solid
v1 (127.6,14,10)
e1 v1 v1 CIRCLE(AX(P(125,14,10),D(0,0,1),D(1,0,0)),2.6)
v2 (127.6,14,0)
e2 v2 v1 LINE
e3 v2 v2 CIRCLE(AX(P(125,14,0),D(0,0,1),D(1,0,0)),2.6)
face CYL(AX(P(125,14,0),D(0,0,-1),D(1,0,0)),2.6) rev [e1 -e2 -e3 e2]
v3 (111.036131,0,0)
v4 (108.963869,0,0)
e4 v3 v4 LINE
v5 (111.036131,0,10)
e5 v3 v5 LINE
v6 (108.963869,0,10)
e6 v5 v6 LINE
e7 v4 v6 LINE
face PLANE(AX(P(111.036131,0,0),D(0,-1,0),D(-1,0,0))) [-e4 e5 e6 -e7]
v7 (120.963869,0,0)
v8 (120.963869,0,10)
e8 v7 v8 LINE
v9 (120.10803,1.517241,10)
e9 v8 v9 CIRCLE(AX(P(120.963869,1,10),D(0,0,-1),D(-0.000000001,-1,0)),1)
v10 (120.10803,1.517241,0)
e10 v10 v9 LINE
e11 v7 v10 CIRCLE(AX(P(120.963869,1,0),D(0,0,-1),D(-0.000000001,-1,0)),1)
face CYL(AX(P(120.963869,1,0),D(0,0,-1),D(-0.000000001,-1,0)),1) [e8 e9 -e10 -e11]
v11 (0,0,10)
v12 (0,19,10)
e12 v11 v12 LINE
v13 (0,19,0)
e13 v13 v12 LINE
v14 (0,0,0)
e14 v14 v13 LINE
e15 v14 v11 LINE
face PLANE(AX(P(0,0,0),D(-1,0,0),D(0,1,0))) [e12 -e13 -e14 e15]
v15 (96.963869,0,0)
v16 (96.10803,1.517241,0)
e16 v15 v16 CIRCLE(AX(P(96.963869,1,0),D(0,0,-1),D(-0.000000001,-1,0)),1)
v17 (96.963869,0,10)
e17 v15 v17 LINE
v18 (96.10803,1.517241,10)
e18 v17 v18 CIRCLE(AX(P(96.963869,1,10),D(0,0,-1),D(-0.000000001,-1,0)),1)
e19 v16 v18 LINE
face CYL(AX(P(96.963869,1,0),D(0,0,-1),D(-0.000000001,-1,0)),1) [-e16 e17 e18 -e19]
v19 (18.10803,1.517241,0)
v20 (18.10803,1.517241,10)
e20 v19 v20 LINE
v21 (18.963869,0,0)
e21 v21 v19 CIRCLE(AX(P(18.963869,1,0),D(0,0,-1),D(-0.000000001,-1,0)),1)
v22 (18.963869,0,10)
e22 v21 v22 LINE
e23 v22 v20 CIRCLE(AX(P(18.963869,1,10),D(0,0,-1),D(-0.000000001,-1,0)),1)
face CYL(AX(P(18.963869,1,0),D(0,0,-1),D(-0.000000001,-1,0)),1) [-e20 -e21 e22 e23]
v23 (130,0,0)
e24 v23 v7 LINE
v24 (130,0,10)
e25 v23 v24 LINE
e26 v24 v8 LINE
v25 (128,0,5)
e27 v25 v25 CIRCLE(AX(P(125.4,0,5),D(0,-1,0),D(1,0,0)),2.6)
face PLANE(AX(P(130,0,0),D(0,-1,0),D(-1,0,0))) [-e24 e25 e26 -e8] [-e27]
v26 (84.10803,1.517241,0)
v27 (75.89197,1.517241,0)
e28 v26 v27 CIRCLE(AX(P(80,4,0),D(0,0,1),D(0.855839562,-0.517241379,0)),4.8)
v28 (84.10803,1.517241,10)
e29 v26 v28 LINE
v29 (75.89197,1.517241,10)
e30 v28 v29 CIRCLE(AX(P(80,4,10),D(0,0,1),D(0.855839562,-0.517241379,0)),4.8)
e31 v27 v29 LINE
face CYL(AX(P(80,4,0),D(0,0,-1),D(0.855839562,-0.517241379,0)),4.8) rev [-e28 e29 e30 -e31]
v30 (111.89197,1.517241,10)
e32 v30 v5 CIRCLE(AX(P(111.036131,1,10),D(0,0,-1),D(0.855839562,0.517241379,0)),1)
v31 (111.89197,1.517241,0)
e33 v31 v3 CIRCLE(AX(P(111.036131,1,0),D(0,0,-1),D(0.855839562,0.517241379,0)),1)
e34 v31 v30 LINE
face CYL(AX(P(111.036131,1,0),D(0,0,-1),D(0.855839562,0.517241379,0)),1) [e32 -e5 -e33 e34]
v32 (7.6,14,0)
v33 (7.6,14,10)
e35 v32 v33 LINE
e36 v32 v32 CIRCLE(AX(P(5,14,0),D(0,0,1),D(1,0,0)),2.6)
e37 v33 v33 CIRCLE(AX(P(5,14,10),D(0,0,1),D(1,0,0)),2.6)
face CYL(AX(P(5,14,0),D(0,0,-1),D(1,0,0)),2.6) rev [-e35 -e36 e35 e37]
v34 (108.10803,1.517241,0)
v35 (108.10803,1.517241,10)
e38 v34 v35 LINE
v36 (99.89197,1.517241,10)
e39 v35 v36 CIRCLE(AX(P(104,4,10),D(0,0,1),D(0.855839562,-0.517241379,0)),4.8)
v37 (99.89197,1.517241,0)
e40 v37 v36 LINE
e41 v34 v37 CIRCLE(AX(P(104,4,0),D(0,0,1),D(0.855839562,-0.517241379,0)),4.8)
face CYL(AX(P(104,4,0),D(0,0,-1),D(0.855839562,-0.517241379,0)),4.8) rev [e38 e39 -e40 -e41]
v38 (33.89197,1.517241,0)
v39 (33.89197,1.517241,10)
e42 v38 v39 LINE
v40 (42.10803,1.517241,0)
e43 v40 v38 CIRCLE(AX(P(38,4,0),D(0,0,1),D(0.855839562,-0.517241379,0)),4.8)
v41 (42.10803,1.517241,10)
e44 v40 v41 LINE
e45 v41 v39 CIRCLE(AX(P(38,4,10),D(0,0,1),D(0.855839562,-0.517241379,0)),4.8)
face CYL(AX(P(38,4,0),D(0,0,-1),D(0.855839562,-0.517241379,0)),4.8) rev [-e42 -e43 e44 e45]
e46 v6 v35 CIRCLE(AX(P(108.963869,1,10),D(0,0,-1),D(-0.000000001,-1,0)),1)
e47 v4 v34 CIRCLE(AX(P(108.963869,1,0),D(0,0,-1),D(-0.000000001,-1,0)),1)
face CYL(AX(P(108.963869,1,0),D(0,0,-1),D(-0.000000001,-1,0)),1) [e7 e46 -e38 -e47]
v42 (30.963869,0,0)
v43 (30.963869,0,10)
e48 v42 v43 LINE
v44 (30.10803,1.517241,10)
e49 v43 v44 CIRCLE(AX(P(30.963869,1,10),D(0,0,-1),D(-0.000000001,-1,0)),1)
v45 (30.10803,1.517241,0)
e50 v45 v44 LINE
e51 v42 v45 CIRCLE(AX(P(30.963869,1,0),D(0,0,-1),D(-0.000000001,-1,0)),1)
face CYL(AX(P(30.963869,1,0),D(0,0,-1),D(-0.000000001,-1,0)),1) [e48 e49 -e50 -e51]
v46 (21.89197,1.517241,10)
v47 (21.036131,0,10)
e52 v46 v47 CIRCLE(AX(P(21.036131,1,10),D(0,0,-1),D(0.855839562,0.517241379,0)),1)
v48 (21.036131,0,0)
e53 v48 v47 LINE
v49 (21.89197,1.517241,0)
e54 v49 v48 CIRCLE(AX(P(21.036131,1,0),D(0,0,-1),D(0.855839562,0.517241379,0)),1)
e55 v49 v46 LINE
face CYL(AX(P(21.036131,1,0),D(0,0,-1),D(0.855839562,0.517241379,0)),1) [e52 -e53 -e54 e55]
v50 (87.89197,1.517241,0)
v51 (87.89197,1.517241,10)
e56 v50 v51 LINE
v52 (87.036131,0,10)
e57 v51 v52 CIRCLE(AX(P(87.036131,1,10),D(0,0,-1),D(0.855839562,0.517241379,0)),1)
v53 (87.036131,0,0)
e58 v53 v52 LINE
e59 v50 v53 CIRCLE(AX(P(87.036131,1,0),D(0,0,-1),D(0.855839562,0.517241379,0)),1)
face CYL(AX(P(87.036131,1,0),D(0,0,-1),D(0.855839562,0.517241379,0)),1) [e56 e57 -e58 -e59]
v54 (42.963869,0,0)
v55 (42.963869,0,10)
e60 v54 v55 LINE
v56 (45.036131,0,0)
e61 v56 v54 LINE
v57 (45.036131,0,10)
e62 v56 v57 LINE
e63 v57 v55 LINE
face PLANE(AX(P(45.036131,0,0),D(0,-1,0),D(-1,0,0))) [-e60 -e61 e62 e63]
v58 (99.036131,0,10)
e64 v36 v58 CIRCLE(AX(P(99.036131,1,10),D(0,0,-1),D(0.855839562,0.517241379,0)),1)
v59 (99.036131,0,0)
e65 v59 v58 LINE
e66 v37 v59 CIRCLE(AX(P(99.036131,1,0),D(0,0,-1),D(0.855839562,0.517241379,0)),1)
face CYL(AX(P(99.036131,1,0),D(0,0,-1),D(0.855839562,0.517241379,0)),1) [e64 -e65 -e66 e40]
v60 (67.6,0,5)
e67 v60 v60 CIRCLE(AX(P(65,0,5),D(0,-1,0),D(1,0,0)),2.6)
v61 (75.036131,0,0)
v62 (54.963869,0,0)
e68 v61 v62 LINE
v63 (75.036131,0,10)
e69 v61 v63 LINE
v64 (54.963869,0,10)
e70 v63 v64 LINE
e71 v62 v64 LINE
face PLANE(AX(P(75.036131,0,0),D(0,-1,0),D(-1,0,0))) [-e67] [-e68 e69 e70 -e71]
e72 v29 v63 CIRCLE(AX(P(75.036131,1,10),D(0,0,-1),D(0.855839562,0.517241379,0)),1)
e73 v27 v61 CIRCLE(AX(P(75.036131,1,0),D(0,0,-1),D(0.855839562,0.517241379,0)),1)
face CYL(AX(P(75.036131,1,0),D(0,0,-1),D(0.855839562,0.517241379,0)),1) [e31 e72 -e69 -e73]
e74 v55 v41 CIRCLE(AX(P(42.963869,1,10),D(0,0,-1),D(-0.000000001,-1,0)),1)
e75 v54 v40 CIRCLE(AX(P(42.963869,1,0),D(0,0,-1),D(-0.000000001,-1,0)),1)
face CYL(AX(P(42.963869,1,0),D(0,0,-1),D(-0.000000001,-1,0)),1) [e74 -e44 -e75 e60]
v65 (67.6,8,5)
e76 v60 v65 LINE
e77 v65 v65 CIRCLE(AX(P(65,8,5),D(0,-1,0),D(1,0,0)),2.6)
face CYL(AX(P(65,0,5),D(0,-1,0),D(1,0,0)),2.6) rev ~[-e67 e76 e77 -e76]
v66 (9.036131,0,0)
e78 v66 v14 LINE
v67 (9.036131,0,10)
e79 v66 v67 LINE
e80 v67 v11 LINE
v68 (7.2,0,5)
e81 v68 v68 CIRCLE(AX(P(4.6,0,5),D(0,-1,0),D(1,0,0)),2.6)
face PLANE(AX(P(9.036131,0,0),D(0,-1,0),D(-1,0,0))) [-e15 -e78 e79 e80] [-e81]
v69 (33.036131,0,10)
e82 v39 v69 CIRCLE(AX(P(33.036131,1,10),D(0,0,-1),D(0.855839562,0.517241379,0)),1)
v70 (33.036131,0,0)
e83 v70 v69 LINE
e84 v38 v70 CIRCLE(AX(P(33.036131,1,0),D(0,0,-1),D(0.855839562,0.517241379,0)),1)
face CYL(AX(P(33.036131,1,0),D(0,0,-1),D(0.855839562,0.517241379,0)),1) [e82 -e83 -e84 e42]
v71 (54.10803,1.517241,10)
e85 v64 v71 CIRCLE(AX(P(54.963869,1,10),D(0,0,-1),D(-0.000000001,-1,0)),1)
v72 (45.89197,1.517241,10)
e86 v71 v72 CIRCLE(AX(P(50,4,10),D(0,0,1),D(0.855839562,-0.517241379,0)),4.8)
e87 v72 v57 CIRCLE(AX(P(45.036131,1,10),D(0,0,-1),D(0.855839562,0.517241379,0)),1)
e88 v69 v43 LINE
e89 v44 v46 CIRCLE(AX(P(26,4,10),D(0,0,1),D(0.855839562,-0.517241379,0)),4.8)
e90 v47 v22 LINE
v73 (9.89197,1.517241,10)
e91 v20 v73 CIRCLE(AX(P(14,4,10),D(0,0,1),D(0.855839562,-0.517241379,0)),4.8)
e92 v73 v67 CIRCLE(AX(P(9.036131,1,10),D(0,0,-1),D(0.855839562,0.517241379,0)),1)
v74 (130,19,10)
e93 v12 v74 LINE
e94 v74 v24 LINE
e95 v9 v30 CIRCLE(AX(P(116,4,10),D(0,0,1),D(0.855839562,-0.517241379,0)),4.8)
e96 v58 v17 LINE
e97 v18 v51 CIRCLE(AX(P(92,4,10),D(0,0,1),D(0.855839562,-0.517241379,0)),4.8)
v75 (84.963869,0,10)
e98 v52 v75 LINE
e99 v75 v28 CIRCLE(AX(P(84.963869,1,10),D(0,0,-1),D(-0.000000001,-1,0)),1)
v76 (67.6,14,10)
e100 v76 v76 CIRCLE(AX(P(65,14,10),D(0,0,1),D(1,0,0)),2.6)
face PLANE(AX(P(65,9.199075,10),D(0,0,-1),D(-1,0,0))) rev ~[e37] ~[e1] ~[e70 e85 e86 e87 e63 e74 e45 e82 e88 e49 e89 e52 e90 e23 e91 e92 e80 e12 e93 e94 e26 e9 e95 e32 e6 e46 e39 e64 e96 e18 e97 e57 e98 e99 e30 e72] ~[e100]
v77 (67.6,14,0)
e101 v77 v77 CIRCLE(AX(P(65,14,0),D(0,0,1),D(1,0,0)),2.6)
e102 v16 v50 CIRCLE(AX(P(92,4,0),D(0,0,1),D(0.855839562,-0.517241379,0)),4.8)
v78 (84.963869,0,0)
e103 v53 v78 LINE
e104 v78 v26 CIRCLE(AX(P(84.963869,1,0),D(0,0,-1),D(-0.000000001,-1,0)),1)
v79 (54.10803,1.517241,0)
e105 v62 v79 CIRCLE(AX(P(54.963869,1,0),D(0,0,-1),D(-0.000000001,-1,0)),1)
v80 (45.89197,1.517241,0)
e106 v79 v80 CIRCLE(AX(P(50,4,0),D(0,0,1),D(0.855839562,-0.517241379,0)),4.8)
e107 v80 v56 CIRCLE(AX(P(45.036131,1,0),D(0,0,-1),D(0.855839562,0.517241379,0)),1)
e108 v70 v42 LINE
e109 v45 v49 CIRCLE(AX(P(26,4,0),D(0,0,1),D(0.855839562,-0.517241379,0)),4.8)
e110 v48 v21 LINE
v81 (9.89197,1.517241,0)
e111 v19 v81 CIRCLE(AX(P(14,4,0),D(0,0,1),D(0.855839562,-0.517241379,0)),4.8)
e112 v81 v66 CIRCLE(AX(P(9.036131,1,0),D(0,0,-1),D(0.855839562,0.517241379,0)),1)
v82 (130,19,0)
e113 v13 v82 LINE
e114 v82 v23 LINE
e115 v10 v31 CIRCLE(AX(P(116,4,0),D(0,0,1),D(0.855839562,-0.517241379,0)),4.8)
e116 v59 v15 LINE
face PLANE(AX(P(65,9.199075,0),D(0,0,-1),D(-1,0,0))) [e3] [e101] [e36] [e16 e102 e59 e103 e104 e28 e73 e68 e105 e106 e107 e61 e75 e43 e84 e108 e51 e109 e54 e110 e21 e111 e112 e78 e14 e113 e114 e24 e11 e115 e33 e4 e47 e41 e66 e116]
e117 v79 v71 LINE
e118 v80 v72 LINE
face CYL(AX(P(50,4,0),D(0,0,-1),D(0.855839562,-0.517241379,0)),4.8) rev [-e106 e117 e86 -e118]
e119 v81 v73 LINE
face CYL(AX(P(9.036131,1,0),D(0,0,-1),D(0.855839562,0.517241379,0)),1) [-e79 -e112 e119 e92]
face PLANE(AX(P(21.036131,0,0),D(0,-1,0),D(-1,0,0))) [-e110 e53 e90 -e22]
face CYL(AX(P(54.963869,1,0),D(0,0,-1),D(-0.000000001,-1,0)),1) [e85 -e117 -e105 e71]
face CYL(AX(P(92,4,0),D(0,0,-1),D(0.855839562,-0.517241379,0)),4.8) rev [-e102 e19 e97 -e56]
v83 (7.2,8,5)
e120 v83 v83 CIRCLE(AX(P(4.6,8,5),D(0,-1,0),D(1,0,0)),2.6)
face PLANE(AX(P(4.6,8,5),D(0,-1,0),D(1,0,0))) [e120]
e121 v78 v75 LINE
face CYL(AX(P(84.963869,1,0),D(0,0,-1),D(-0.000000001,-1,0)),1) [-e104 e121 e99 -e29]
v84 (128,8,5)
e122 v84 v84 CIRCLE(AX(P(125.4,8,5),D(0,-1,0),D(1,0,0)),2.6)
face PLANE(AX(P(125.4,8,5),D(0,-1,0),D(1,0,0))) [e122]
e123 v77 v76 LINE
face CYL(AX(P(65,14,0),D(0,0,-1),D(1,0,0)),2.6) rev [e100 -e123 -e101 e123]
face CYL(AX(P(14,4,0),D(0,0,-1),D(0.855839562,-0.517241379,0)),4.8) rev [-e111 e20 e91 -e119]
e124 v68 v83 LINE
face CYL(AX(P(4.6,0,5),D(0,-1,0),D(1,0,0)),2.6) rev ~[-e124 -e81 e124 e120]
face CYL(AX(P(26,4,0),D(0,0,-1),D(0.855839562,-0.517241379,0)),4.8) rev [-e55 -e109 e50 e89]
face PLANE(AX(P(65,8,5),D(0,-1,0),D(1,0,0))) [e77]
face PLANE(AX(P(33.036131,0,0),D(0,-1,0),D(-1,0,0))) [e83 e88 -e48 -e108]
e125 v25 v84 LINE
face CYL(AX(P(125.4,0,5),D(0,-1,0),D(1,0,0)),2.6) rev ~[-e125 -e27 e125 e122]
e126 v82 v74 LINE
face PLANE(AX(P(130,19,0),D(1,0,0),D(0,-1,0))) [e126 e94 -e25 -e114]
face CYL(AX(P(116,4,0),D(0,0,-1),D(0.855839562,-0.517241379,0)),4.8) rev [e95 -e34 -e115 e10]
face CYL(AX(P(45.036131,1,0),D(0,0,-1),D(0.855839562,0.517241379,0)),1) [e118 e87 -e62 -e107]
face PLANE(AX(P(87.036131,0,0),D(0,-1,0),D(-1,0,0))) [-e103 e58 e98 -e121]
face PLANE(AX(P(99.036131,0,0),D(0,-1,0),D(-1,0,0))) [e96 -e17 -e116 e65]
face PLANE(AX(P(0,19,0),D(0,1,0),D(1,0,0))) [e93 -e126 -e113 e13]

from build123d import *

# Parameters (mm, degrees)
SKETCH1_R           = 2.6
BOSS_EXTRUDE1_DEPTH = 10
SKETCH2_R           = 2.6
CUT_EXTRUDE1_DEPTH  = 8


with BuildPart() as part:
    # Sketch1 → Boss-Extrude1 (new body)
    with BuildSketch(Plane.XY):
        with BuildLine():
            Line((0, 0), (0, 19))
            Line((0, 19), (130, 19))
            Line((130, 19), (130, 0))
            Line((130, 0), (120.963869458, 0))
            ThreePointArc((120.963869458, 0), (120.092881118, 0.508696316), (120.108029897, 1.517241379))
            ThreePointArc((120.108029897, 1.517241379), (116, 8.8), (111.891970103, 1.517241379))
            ThreePointArc((111.891970103, 1.517241379), (111.907118882, 0.508696316), (111.036130542, 0))
            Line((111.036130542, 0), (108.963869458, 0))
            ThreePointArc((108.963869458, 0), (108.092881118, 0.508696316), (108.108029897, 1.517241379))
            ThreePointArc((108.108029897, 1.517241379), (104, 8.8), (99.891970103, 1.517241379))
            ThreePointArc((99.891970103, 1.517241379), (99.907118882, 0.508696316), (99.036130542, 0))
            Line((99.036130542, 0), (96.963869458, 0))
            ThreePointArc((96.963869458, 0), (96.092881118, 0.508696316), (96.108029897, 1.517241379))
            ThreePointArc((96.108029897, 1.517241379), (92, 8.8), (87.891970103, 1.517241379))
            ThreePointArc((87.891970103, 1.517241379), (87.907118882, 0.508696316), (87.036130542, 0))
            Line((87.036130542, 0), (84.963869458, 0))
            ThreePointArc((84.963869458, 0), (84.092881118, 0.508696316), (84.108029897, 1.517241379))
            ThreePointArc((84.108029897, 1.517241379), (80, 8.8), (75.891970103, 1.517241379))
            ThreePointArc((75.891970103, 1.517241379), (75.907118882, 0.508696316), (75.036130542, 0))
            Line((75.036130542, 0), (54.963869458, 0))
            ThreePointArc((54.963869458, 0), (54.092881118, 0.508696316), (54.108029897, 1.517241379))
            ThreePointArc((54.108029897, 1.517241379), (50, 8.8), (45.891970103, 1.517241379))
            ThreePointArc((45.891970103, 1.517241379), (45.907118882, 0.508696316), (45.036130542, 0))
            Line((45.036130542, 0), (42.963869458, 0))
            ThreePointArc((42.963869458, 0), (42.092881118, 0.508696316), (42.108029897, 1.517241379))
            ThreePointArc((42.108029897, 1.517241379), (38, 8.8), (33.891970103, 1.517241379))
            ThreePointArc((33.891970103, 1.517241379), (33.907118882, 0.508696316), (33.036130542, 0))
            Line((33.036130542, 0), (30.963869458, 0))
            ThreePointArc((30.963869458, 0), (30.092881118, 0.508696316), (30.108029897, 1.517241379))
            ThreePointArc((30.108029897, 1.517241379), (26, 8.8), (21.891970103, 1.517241379))
            ThreePointArc((21.891970103, 1.517241379), (21.907118882, 0.508696316), (21.036130542, 0))
            Line((21.036130542, 0), (18.963869458, 0))
            ThreePointArc((18.963869458, 0), (18.092881118, 0.508696316), (18.108029897, 1.517241379))
            ThreePointArc((18.108029897, 1.517241379), (14, 8.8), (9.891970103, 1.517241379))
            ThreePointArc((9.891970103, 1.517241379), (9.907118882, 0.508696316), (9.036130542, 0))
            Line((9.036130542, 0), (0, 0))
        make_face()
        with Locations((5, 14)):
            Circle(SKETCH1_R, mode=Mode.SUBTRACT)
        with Locations((65, 14)):
            Circle(SKETCH1_R, mode=Mode.SUBTRACT)
        with Locations((125, 14)):
            Circle(SKETCH1_R, mode=Mode.SUBTRACT)
    extrude(amount=BOSS_EXTRUDE1_DEPTH)

    # Sketch2 → Cut-Extrude1 (cut)
    with BuildSketch(Plane.XZ):
        with Locations((4.6, 5)):
            Circle(SKETCH2_R)
        with Locations((65, 5)):
            Circle(SKETCH2_R)
        with Locations((125.4, 5)):
            Circle(SKETCH2_R)
    extrude(amount=-CUT_EXTRUDE1_DEPTH, mode=Mode.SUBTRACT)


solid = part.part
